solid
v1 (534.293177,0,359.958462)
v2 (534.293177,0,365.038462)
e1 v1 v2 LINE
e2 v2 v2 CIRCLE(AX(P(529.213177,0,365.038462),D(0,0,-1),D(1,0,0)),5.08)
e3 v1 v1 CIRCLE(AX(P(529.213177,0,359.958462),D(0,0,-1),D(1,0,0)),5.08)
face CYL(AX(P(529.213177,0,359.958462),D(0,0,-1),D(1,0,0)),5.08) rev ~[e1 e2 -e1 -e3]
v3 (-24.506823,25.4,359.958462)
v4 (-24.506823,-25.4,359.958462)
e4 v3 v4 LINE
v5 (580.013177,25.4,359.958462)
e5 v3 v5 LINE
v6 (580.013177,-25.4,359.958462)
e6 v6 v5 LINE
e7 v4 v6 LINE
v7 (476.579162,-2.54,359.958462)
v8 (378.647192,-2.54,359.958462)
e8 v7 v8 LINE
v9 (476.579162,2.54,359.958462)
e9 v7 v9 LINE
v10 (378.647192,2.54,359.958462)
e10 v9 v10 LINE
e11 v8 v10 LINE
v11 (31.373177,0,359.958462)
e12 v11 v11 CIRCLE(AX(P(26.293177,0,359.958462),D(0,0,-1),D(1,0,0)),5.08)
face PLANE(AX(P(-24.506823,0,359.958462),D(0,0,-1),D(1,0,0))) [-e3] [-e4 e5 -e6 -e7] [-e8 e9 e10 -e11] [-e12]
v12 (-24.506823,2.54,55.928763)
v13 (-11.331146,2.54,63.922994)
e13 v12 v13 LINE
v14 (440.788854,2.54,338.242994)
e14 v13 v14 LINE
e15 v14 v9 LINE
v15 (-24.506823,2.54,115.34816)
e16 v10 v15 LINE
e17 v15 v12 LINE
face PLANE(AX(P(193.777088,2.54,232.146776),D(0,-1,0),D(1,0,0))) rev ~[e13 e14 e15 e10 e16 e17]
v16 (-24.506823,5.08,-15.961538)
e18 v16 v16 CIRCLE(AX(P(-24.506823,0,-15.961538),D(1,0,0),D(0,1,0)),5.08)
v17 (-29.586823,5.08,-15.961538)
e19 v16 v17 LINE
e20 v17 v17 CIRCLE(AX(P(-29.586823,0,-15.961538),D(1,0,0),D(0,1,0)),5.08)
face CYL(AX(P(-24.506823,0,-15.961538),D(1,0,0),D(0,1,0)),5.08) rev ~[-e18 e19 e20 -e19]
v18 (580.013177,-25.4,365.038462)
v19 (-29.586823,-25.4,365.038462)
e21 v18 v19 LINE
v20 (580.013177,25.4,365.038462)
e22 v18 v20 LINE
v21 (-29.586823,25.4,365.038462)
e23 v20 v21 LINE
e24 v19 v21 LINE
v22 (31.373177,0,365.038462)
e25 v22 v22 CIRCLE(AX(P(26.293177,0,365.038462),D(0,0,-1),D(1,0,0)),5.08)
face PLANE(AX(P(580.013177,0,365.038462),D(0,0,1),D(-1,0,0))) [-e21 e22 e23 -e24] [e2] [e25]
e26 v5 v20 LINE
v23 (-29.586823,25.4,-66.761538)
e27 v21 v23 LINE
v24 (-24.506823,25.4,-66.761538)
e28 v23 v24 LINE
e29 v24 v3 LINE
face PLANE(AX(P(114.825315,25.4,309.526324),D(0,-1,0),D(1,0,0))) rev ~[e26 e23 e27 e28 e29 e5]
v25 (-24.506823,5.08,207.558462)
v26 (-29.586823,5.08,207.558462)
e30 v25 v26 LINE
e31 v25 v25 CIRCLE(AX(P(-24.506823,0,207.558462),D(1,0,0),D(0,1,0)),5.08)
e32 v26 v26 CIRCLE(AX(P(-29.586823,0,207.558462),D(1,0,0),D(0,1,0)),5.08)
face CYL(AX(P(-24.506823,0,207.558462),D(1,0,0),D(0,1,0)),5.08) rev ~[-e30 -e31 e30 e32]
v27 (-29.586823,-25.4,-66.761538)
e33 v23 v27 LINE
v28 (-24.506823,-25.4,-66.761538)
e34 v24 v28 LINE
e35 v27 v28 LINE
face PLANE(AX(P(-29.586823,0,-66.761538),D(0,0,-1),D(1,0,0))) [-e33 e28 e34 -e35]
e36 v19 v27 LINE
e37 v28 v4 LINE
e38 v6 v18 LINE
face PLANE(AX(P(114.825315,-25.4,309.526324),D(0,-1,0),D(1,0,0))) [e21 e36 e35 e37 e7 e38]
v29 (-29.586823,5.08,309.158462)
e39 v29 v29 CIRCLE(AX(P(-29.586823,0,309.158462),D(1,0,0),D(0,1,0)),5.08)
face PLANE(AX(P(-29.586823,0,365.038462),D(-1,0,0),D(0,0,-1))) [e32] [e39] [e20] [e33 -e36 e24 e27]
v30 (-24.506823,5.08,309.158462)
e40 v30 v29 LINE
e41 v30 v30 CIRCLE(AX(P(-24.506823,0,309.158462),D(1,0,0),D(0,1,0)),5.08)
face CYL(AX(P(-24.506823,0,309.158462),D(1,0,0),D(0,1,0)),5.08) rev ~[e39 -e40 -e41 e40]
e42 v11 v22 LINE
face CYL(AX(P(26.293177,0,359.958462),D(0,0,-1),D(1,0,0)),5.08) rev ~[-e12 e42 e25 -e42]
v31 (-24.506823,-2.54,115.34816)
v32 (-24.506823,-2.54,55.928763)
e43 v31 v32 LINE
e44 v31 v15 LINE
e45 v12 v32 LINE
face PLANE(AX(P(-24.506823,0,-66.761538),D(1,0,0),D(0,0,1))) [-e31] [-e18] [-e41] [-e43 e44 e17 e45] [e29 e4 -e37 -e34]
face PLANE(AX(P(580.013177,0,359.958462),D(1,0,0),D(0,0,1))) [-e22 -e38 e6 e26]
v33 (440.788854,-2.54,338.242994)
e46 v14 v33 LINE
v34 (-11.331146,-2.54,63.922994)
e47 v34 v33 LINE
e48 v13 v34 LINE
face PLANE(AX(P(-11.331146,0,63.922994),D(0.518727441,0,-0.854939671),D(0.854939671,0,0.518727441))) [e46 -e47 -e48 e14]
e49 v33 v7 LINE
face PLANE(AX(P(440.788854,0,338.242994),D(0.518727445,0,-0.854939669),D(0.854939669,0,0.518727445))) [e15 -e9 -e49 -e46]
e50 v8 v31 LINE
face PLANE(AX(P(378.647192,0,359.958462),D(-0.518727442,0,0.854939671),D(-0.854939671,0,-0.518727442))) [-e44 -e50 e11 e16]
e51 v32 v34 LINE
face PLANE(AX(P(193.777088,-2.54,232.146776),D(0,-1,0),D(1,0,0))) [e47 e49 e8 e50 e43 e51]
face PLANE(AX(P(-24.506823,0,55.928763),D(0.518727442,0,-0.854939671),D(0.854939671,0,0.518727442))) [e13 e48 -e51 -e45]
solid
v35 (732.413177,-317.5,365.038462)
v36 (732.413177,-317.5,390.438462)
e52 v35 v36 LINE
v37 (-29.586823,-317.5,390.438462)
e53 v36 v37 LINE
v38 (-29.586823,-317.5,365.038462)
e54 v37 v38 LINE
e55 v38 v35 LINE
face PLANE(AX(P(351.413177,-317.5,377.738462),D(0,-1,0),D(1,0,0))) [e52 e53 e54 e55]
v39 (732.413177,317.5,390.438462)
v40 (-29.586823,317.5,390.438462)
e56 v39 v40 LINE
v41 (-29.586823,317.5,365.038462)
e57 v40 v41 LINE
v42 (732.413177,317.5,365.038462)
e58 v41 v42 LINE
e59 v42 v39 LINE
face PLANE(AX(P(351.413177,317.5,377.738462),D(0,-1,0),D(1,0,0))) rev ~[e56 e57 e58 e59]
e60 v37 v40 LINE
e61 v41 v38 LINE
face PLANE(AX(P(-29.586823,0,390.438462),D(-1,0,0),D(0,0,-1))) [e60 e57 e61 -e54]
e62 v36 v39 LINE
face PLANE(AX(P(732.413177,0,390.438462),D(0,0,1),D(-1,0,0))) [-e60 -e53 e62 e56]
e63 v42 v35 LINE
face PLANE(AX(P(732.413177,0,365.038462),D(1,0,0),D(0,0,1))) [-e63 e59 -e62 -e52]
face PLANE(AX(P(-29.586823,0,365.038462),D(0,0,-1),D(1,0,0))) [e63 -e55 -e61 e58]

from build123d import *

# Parameters (mm, degrees)
F1_DEPTH = 25.4
F2_DEPTH = 2.54
F3_DEPTH = 317.5
F4_R     = 5.08
F6_DEPTH = 5.08
F5_R     = 5.08
F7_DEPTH = 5.08


with BuildPart() as f1:
    # F0 (on Front) → F1 (new body, symmetric)
    with BuildSketch(Plane.XZ):
        Polygon((427.613177, 365.038462), (-29.586823, 365.038462), (-29.586823, 85.638462), (-24.506823, 85.638462), (-24.506823, 115.34816), (-24.506823, 359.958462), (378.647192, 359.958462), (427.613177, 359.958462), align=None)
        Polygon((580.013177, 365.038462), (427.613177, 365.038462), (427.613177, 359.958462), (476.579162, 359.958462), (580.013177, 359.958462), align=None)
        Polygon((-24.506823, 85.638462), (-29.586823, 85.638462), (-29.586823, -66.761538), (-24.506823, -66.761538), (-24.506823, 55.928763), align=None)
    extrude(amount=F1_DEPTH, both=True)

    # F0 (on Front) → F2 (join, symmetric)
    with BuildSketch(Plane.XZ):
        Polygon((-24.506823, 115.34816), (-24.506823, 85.638462), (427.613177, 359.958462), (378.647192, 359.958462), align=None)
        Polygon((427.613177, 359.958462), (-24.506823, 85.638462), (-24.506823, 55.928763), (-11.331146, 63.922994), (440.788854, 338.242994), (476.579162, 359.958462), align=None)
    extrude(amount=F2_DEPTH, both=True)

    # F4 (on face) → F6 (cut)
    with BuildSketch(Plane.YZ.offset(-24.506823)):
        with Locations((0, 309.158462)):
            Circle(F4_R)
        with Locations((0, -15.961538)):
            Circle(F4_R)
        with Locations((0, 207.558462)):
            Circle(F4_R)
    extrude(amount=-F6_DEPTH, mode=Mode.SUBTRACT)

    # F5 (on face) → F7 (cut)
    with BuildSketch(Plane(origin=(0, 0, 359.958462), x_dir=(1, 0, 0), z_dir=(0, 0, -1))):
        with Locations((26.293177, 0)):
            Circle(F5_R)
        with Locations((529.213177, 0)):
            Circle(F5_R)
    extrude(amount=-F7_DEPTH, mode=Mode.SUBTRACT)


with BuildPart() as f3:
    # F0 (on Front) → F3 (new body, symmetric)
    with BuildSketch(Plane.XZ):
        Polygon((-29.586823, 390.438462), (-29.586823, 365.038462), (427.613177, 365.038462), (580.013177, 365.038462), (732.413177, 365.038462), (732.413177, 390.438462), align=None)
    extrude(amount=F3_DEPTH, both=True)


solid = Compound([f1.part, f3.part])
